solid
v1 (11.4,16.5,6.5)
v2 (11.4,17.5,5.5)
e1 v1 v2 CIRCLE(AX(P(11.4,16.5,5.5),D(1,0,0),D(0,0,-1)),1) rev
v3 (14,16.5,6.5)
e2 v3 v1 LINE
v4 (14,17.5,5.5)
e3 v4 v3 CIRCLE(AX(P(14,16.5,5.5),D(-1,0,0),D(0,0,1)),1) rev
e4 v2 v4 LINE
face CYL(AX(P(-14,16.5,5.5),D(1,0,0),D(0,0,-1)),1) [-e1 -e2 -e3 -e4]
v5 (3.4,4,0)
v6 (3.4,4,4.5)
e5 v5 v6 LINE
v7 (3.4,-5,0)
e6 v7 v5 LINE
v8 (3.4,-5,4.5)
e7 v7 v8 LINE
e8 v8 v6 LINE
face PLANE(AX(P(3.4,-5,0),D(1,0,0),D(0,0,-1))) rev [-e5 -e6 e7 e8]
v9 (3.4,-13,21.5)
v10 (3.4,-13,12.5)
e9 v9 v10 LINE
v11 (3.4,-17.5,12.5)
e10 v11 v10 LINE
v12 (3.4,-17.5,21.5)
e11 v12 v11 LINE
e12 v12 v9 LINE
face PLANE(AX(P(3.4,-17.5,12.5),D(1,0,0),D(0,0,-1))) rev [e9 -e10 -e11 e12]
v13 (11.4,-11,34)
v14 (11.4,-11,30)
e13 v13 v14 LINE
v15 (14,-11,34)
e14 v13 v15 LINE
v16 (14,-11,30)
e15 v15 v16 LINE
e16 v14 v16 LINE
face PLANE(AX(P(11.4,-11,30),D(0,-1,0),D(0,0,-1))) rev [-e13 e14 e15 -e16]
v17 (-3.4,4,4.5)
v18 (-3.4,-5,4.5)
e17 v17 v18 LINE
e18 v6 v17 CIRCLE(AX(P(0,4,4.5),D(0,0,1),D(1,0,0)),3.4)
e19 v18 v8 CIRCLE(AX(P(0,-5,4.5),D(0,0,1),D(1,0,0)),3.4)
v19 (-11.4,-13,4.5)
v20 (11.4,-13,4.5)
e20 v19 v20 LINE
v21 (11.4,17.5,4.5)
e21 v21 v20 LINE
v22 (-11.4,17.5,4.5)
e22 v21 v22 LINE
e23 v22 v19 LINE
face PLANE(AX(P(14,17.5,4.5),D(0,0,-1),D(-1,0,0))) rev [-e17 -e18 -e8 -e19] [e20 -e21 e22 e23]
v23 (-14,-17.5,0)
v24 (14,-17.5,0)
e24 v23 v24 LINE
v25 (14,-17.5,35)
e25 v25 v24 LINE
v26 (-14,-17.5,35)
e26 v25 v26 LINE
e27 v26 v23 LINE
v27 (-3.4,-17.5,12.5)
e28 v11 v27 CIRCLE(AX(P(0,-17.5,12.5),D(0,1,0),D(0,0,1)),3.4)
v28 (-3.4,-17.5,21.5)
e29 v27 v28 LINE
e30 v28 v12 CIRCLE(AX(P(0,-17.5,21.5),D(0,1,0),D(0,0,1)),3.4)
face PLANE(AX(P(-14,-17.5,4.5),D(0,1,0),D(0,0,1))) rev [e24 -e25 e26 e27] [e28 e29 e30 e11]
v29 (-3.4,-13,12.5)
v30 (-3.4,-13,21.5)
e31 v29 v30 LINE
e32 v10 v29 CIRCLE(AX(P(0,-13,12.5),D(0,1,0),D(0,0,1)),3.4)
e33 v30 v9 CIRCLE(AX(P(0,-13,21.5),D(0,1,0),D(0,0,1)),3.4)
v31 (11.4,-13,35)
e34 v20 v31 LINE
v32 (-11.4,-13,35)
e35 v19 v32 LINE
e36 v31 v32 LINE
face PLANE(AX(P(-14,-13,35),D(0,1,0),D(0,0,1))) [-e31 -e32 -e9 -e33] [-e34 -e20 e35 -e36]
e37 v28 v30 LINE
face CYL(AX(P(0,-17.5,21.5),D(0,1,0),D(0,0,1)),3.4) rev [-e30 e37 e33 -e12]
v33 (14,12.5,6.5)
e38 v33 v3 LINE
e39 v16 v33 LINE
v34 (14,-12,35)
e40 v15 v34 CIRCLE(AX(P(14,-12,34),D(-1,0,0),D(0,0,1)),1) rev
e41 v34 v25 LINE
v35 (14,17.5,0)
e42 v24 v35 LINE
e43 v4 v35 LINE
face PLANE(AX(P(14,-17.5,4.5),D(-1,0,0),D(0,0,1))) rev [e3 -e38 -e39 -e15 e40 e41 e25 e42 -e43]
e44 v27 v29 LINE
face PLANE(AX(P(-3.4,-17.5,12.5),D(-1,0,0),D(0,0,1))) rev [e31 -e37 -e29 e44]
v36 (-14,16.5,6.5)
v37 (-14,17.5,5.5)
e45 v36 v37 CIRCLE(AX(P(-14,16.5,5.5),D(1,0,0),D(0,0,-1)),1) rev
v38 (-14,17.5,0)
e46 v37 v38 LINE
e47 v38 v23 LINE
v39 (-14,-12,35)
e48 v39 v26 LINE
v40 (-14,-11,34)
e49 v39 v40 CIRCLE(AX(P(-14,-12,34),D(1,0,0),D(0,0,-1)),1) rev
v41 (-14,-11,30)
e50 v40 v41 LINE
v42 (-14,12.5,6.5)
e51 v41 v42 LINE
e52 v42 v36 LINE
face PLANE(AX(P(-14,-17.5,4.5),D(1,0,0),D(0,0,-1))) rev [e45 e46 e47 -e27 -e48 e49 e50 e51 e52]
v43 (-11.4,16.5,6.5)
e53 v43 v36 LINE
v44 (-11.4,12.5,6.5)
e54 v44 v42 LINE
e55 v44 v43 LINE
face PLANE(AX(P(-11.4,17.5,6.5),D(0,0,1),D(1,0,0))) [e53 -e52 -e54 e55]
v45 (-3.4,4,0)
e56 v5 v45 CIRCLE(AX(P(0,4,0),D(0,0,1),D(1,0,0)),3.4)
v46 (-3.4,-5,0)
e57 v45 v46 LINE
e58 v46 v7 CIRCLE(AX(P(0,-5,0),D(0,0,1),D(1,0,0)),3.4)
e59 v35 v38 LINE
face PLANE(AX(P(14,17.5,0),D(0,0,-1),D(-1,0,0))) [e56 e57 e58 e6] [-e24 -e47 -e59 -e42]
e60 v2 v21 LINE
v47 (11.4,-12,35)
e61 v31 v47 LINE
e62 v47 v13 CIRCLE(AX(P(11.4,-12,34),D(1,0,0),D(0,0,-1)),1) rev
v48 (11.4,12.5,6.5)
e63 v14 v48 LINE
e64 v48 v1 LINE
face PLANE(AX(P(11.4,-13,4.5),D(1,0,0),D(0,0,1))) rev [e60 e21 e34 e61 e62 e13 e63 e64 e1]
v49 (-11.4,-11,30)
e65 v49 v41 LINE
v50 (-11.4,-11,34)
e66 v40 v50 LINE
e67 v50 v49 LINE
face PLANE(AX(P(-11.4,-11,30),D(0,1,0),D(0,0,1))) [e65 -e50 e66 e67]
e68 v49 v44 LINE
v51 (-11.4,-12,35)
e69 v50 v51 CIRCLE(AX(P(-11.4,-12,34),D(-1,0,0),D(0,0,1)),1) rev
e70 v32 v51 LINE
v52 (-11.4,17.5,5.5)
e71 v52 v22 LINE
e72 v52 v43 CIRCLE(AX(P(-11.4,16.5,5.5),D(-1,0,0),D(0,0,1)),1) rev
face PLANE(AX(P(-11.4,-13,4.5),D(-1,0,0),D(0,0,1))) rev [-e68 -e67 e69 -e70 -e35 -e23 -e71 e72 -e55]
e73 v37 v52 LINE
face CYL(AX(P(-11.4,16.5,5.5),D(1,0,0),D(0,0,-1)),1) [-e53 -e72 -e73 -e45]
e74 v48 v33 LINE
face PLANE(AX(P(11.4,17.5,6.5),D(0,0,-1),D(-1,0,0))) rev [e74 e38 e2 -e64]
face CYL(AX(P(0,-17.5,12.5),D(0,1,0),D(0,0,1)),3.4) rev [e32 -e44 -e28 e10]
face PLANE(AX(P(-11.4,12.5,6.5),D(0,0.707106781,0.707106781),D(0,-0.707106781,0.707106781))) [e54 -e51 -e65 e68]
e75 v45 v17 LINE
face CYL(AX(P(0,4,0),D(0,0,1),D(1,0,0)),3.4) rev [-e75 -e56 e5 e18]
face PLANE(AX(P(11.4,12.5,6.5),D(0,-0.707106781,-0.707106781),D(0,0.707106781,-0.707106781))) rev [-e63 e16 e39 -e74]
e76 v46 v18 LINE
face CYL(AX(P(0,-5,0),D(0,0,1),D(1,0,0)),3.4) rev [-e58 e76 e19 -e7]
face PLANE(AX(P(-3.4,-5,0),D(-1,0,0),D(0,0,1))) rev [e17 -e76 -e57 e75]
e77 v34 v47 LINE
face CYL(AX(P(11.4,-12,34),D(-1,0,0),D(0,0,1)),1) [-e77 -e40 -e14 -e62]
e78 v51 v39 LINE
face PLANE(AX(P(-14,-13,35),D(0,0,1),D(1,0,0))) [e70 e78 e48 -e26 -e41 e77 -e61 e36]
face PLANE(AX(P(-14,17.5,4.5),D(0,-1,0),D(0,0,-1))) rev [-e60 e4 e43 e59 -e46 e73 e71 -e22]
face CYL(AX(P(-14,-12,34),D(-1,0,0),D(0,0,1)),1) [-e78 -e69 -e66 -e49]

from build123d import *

# Parameters (mm, degrees)
SKETCH_1_W          = 28
SKETCH_1_H          = 35
EXTRUDE_1_DEPTH     = 4.5
SKETCH_2_W          = 28
SKETCH_2_H          = 35
EXTRUDE_2_DEPTH     = 4.5
EXTRUDE_3_DEPTH     = 2.6
CUT_EXTRUDE_1_DEPTH = 38.848381736
CUT_EXTRUDE_2_DEPTH = 49.489689626
FILLET_1_R          = 1


with BuildPart() as part:
    # 草图1 → 凸台-拉伸1 (new body)
    with BuildSketch(Plane.XY):
        Rectangle(SKETCH_1_W, SKETCH_1_H)
    extrude(amount=EXTRUDE_1_DEPTH)

    # 草图2 → 凸台-拉伸2 (add)
    with BuildSketch(Plane.XZ.offset(17.5)):
        with Locations((0, 17.5)):
            Rectangle(SKETCH_2_W, SKETCH_2_H)
    extrude(amount=-EXTRUDE_2_DEPTH)

    # 草图3 → 凸台-拉伸3 (add)
    with BuildSketch(Plane.ZY.offset(14)):
        Polygon((4.5, 17.5), (6.5, 17.5), (6.5, 12.5), (30, -11), (35, -11), (35, -13), (4.5, -13), align=None)
    extrude_3 = extrude(amount=-EXTRUDE_3_DEPTH)

    # 镜向1: 凸台-拉伸3 across plane
    add(extrude_3.mirror(Plane(origin=(0, 0, 0), x_dir=(0, 0, 1), z_dir=(1, 0, 0))))

    # 草图5 → 切除-拉伸1 (cut, through all)
    with BuildSketch(Plane.XY.offset(4.5)):
        with BuildLine():
            Line((-3.4, -5), (-3.4, 4))
            ThreePointArc((-3.4, 4), (0, 7.4), (3.4, 4))
            Line((3.4, 4), (3.4, -5))
            ThreePointArc((3.4, -5), (0, -8.4), (-3.4, -5))
        make_face()
    extrude(amount=-CUT_EXTRUDE_1_DEPTH, mode=Mode.SUBTRACT)

    # 草图6 → 切除-拉伸2 (cut, through all)
    with BuildSketch(Plane(origin=(0, -13, 0), x_dir=(1, 0, 0), z_dir=(0, 1, 0))):
        with BuildLine():
            Line((3.4, -12.5), (3.4, -21.5))
            ThreePointArc((3.4, -21.5), (0, -24.9), (-3.4, -21.5))
            Line((-3.4, -21.5), (-3.4, -12.5))
            ThreePointArc((-3.4, -12.5), (0, -9.1), (3.4, -12.5))
        make_face()
    extrude(amount=-CUT_EXTRUDE_2_DEPTH, mode=Mode.SUBTRACT)

    # 圆角1
    fillet_1_edges = [part.edges().sort_by_distance(p)[0] for p in [
        (-12.7, 17.5, 6.5),
        (-12.7, -11, 35),
        (12.7, -11, 35),
        (12.7, 17.5, 6.5),
    ]]
    fillet(fillet_1_edges, radius=FILLET_1_R)


solid = part.part
